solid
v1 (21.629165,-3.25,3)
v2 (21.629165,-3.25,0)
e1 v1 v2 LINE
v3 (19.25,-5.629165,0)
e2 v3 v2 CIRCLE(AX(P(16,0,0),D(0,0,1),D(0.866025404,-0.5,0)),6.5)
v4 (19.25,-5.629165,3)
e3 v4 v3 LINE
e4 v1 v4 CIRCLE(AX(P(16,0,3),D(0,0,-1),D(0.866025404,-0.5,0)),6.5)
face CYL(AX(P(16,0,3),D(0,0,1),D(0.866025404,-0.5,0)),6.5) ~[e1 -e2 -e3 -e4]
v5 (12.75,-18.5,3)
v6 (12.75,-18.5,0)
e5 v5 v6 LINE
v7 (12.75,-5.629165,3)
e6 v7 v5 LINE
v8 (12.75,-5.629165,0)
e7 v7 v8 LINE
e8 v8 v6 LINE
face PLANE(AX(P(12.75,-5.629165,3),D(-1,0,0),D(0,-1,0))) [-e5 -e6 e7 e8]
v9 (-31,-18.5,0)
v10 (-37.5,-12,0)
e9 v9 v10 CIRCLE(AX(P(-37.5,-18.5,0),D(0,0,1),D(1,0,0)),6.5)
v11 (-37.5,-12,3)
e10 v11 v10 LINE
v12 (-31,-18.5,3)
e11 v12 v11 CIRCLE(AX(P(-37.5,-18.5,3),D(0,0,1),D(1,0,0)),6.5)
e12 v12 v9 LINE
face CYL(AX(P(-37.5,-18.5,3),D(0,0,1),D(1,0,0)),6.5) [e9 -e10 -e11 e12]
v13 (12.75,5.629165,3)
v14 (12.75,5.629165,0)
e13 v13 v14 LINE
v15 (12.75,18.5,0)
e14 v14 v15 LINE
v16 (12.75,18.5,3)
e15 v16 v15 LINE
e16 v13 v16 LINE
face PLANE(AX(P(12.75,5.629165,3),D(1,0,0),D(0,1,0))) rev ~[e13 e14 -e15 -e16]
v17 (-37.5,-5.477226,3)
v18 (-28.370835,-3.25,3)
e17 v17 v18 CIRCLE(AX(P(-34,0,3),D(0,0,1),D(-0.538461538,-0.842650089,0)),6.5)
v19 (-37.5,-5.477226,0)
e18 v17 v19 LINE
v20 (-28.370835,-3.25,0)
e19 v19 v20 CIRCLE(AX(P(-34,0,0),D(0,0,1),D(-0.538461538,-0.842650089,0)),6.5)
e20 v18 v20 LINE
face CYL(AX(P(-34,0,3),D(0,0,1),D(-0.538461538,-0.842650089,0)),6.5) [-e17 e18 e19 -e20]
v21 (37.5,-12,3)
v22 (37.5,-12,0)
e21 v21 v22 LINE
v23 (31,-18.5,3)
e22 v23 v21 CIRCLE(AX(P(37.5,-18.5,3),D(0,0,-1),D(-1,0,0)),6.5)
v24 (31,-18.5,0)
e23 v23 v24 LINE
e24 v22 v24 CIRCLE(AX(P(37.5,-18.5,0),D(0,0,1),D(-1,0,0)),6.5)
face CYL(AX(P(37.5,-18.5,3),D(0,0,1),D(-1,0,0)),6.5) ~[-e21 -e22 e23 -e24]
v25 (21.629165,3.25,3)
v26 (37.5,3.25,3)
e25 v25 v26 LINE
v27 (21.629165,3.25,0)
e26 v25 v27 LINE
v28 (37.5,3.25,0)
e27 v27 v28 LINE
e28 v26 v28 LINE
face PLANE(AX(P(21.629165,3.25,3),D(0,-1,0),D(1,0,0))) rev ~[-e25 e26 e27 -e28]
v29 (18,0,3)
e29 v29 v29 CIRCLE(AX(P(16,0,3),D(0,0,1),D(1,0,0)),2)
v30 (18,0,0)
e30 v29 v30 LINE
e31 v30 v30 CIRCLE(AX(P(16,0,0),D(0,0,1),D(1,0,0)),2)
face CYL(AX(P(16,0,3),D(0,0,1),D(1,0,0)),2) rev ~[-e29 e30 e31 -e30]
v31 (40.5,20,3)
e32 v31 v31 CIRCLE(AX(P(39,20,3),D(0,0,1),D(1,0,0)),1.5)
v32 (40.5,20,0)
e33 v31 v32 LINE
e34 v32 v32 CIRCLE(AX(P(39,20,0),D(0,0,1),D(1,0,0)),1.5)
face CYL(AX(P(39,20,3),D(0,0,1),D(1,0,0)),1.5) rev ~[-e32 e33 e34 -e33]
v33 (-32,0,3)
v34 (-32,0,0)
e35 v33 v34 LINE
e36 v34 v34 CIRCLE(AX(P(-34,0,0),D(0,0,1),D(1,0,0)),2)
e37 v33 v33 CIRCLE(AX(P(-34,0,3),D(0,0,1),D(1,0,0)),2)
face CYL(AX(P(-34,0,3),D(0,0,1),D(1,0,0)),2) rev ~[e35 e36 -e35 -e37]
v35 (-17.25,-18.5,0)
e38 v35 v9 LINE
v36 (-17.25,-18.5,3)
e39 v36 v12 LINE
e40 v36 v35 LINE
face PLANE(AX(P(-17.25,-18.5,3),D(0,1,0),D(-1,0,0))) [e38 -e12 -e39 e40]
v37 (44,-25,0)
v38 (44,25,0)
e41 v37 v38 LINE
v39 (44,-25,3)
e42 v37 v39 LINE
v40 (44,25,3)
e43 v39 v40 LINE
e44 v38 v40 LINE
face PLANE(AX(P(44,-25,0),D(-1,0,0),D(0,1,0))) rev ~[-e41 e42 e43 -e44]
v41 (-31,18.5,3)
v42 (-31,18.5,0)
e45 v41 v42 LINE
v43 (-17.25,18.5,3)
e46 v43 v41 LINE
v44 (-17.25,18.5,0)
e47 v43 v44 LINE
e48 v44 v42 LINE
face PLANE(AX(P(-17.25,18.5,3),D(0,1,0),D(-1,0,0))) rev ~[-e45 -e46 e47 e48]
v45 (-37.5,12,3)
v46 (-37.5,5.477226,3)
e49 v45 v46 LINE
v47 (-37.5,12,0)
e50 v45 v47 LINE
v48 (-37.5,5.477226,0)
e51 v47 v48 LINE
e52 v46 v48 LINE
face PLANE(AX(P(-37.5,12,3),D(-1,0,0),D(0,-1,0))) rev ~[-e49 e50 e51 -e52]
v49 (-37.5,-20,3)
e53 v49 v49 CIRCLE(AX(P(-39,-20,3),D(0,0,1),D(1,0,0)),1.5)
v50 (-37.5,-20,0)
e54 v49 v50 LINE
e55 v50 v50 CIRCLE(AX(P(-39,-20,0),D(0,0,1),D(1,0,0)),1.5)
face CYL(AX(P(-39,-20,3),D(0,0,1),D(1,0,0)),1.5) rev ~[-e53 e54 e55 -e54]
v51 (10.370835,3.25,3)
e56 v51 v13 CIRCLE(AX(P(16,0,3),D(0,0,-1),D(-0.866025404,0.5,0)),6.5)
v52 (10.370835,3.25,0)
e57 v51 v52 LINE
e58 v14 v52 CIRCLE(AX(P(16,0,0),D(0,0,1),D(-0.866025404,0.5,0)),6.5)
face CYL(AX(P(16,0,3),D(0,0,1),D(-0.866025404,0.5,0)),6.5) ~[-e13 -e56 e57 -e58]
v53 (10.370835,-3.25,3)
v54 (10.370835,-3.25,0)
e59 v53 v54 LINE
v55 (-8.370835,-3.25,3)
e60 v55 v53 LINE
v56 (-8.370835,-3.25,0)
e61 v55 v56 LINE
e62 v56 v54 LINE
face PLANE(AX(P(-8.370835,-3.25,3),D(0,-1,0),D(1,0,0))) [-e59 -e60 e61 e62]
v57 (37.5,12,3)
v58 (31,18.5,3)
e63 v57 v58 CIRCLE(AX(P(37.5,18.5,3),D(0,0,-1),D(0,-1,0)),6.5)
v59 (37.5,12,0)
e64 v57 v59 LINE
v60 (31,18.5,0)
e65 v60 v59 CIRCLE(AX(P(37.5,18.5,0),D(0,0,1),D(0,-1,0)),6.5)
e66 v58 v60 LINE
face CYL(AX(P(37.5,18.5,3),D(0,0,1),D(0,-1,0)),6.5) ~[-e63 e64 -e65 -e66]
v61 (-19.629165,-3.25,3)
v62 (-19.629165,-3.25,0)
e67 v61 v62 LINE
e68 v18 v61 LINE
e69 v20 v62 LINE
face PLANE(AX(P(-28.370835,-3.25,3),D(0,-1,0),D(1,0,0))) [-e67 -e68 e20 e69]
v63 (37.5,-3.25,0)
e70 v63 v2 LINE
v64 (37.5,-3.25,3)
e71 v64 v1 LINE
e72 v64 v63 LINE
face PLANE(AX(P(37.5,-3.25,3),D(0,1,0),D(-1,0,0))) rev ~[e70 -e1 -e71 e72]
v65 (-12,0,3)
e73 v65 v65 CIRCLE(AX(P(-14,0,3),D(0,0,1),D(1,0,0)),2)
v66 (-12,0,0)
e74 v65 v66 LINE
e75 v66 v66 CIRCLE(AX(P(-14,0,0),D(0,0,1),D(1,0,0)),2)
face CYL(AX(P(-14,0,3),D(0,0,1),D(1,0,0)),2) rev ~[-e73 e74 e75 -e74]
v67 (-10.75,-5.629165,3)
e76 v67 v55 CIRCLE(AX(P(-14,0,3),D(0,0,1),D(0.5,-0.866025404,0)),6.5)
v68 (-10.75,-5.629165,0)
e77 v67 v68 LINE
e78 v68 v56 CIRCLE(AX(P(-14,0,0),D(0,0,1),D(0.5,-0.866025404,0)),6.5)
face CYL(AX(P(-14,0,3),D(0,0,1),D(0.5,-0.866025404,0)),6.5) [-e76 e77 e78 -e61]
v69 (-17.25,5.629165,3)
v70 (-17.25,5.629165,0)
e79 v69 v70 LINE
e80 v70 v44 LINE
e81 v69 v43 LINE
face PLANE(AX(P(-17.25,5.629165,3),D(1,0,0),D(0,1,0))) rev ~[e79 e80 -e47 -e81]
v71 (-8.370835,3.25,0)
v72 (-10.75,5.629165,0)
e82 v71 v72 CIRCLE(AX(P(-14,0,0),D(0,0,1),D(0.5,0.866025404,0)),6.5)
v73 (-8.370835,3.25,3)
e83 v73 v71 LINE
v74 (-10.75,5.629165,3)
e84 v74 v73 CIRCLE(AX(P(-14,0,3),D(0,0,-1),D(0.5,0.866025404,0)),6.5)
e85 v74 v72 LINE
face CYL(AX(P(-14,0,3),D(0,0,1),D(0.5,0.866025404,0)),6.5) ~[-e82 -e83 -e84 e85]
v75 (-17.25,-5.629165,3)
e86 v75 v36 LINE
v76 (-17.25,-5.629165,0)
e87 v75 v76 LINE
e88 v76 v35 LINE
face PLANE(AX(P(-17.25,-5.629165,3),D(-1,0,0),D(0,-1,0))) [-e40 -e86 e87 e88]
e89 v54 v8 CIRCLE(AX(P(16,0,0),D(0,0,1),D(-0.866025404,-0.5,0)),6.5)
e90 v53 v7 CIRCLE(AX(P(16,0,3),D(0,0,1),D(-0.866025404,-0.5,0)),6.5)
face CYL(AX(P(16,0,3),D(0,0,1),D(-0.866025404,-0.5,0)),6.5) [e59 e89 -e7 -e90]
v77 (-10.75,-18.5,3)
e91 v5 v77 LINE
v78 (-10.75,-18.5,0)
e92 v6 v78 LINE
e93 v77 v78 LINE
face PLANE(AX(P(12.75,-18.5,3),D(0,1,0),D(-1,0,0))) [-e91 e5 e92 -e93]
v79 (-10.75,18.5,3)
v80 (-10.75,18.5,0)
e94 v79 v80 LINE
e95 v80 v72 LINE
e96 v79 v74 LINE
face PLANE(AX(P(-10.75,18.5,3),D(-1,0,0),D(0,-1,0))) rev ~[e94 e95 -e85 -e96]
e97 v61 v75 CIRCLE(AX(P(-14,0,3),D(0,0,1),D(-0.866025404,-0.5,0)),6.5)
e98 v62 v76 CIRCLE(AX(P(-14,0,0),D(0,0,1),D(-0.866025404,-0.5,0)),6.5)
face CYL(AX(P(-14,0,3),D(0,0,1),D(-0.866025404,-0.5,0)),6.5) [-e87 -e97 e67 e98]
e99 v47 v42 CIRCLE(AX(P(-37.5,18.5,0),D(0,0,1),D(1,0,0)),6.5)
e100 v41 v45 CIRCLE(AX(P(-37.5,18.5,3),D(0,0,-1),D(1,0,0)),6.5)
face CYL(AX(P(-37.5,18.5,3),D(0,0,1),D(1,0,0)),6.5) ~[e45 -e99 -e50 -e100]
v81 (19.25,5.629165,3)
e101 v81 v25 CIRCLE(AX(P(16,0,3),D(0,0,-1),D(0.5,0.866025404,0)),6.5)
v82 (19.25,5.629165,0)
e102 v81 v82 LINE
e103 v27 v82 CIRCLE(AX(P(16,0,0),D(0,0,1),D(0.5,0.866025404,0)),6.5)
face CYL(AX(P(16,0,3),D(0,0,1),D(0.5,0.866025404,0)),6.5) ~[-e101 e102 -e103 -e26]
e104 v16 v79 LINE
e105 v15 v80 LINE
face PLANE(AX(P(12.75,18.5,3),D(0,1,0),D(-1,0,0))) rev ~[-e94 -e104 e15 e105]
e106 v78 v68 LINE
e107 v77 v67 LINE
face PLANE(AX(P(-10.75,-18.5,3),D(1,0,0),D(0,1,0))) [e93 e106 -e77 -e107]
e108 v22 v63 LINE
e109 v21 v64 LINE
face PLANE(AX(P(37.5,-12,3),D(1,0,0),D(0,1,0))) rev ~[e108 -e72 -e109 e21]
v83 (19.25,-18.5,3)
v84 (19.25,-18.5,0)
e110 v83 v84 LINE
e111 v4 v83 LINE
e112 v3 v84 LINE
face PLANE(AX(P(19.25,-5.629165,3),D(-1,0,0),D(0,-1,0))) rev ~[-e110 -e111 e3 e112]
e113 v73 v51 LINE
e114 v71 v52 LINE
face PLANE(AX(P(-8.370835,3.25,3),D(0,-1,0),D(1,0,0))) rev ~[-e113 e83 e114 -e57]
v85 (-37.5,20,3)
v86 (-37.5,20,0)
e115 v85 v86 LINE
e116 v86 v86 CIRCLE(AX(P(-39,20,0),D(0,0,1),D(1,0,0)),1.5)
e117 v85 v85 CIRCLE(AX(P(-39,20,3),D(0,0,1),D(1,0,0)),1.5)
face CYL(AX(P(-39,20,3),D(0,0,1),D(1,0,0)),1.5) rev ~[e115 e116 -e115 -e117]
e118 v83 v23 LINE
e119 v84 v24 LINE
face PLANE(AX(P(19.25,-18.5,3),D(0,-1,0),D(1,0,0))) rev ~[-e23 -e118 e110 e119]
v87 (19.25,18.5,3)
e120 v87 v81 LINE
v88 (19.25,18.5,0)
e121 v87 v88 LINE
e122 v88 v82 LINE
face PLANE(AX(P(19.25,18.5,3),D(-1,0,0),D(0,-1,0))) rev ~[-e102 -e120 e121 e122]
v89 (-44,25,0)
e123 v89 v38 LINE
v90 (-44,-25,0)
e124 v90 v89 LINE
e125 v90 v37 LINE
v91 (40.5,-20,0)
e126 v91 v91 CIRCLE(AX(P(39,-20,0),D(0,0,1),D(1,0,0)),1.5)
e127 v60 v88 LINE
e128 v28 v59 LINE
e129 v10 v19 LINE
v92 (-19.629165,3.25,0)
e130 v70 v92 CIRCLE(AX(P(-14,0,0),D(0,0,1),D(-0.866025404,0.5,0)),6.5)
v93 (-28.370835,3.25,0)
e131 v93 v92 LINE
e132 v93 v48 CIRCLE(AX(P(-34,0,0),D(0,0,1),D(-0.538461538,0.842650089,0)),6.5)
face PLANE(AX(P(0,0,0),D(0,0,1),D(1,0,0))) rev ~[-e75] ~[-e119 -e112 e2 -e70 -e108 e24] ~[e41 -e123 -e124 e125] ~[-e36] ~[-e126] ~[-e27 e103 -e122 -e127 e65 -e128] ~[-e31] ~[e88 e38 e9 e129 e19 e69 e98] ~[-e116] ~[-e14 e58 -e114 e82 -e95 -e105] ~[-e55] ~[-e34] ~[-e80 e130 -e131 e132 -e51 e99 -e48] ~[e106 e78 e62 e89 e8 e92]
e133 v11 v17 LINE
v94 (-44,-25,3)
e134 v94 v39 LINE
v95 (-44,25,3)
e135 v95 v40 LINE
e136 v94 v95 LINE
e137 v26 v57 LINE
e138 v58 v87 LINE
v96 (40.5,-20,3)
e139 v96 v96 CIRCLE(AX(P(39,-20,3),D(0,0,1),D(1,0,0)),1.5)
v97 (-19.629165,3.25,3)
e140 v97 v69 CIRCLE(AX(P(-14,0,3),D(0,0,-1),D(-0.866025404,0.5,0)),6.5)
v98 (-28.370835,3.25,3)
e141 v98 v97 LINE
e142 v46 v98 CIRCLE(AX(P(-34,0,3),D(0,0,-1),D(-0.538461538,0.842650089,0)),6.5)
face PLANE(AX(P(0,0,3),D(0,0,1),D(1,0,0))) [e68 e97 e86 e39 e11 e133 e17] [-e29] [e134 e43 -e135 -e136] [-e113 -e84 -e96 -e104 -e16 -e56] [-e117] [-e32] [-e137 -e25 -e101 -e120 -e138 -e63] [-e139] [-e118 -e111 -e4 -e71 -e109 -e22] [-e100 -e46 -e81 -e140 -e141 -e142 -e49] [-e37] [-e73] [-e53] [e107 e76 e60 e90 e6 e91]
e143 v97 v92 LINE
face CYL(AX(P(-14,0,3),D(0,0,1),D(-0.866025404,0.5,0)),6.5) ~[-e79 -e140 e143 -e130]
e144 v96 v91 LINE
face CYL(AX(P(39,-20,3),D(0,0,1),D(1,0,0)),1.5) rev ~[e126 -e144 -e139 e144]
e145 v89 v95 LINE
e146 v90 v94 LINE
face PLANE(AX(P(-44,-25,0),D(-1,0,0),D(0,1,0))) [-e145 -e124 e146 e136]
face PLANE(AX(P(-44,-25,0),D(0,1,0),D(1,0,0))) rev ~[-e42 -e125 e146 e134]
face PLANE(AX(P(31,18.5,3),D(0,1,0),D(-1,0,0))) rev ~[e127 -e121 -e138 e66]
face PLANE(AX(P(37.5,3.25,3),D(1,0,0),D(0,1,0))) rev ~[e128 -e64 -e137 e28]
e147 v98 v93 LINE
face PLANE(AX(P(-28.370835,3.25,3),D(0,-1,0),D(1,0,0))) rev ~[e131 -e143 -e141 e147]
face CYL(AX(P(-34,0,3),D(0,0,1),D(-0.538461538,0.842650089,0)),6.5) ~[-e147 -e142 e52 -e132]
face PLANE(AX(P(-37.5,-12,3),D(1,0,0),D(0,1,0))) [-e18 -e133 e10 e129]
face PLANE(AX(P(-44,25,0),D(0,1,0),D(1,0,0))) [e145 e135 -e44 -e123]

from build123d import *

# Parameters (mm, degrees)
SKETCH1_W            = 88
SKETCH1_H            = 50
BOSS_EXTRUDE1_DEPTH  = 3
SKETCH2_R            = 2
CUT_EXTRUDE1_DEPTH   = 51.695167423
SKETCH3_R            = 1.5
CUT_EXTRUDE2_DEPTH   = 51.695167423
LPATTERN1_COUNT      = 2
LPATTERN1_PITCH      = 78
LPATTERN1_COUNT_DIR2 = 2
LPATTERN1_PITCH_DIR2 = 40
CUT_EXTRUDE3_DEPTH   = 51.695167423


with BuildPart() as part:
    # Sketch1 → Boss-Extrude1 (new body)
    with BuildSketch(Plane.XY):
        Rectangle(SKETCH1_W, SKETCH1_H)
    extrude(amount=BOSS_EXTRUDE1_DEPTH)

    # Sketch2 → Cut-Extrude1 (cut, through all)
    with BuildSketch(Plane.XY.offset(3)):
        with Locations((-34, 0)):
            Circle(SKETCH2_R)
        with Locations((-14, 0)):
            Circle(SKETCH2_R)
        with Locations((16, 0)):
            Circle(SKETCH2_R)
    extrude(amount=-CUT_EXTRUDE1_DEPTH, mode=Mode.SUBTRACT)

    # Sketch3 → Cut-Extrude2 (cut, through all)
    with BuildSketch(Plane.XY.offset(3)):
        with Locations((-39, 20)):
            Circle(SKETCH3_R)
    cut_extrude2 = extrude(amount=-CUT_EXTRUDE2_DEPTH, mode=Mode.SUBTRACT)

    # LPattern1: Cut-Extrude2 2 × 2
    with Locations(*[(i * LPATTERN1_PITCH, -j * LPATTERN1_PITCH_DIR2, 0) for i in range(LPATTERN1_COUNT) for j in range(LPATTERN1_COUNT_DIR2) if (i, j) != (0, 0)]):
        add(cut_extrude2, mode=Mode.SUBTRACT)

    # Sketch4 → Cut-Extrude3 (cut, through all)
    with BuildSketch(Plane.XY.offset(3)):
        with BuildLine():
            Line((37.5, 3.25), (37.5, 12))
            ThreePointArc((37.5, 12), (32.903805922, 13.903805922), (31, 18.5))
            Line((31, 18.5), (19.25, 18.5))
            Line((19.25, 18.5), (19.25, 5.629165125))
            ThreePointArc((19.25, 5.629165125), (20.596194078, 4.596194078), (21.629165125, 3.25))
            Line((21.629165125, 3.25), (37.5, 3.25))
        make_face()
        with BuildLine():
            Line((-28.370834875, 3.25), (-19.629165125, 3.25))
            ThreePointArc((-19.629165125, 3.25), (-18.596194078, 4.596194078), (-17.25, 5.629165125))
            Line((-17.25, 5.629165125), (-17.25, 18.5))
            Line((-17.25, 18.5), (-31, 18.5))
            ThreePointArc((-31, 18.5), (-32.903805922, 13.903805922), (-37.5, 12))
            Line((-37.5, 12), (-37.5, 5.477225575))
            ThreePointArc((-37.5, 5.477225575), (-32.459393148, 6.314786657), (-28.370834875, 3.25))
        make_face()
        with BuildLine():
            Line((-8.370834875, 3.25), (10.370834875, 3.25))
            ThreePointArc((10.370834875, 3.25), (11.403805922, 4.596194078), (12.75, 5.629165125))
            Line((12.75, 5.629165125), (12.75, 18.5))
            Line((12.75, 18.5), (-10.75, 18.5))
            Line((-10.75, 18.5), (-10.75, 5.629165125))
            ThreePointArc((-10.75, 5.629165125), (-9.403805922, 4.596194078), (-8.370834875, 3.25))
        make_face()
        with BuildLine():
            Line((-28.370834875, -3.25), (-19.629165125, -3.25))
            ThreePointArc((-19.629165125, -3.25), (-18.596194078, -4.596194078), (-17.25, -5.629165125))
            Line((-17.25, -5.629165125), (-17.25, -18.5))
            Line((-17.25, -18.5), (-31, -18.5))
            ThreePointArc((-31, -18.5), (-32.903805922, -13.903805922), (-37.5, -12))
            Line((-37.5, -12), (-37.5, -5.477225575))
            ThreePointArc((-37.5, -5.477225575), (-32.459393148, -6.314786657), (-28.370834875, -3.25))
        make_face()
        with BuildLine():
            Line((37.5, -12), (37.5, -3.25))
            Line((37.5, -3.25), (21.629165125, -3.25))
            ThreePointArc((21.629165125, -3.25), (20.596194078, -4.596194078), (19.25, -5.629165125))
            Line((19.25, -5.629165125), (19.25, -18.5))
            Line((19.25, -18.5), (31, -18.5))
            ThreePointArc((31, -18.5), (32.903805922, -13.903805922), (37.5, -12))
        make_face()
        with BuildLine():
            Line((-8.370834875, -3.25), (10.370834875, -3.25))
            ThreePointArc((10.370834875, -3.25), (11.403805922, -4.596194078), (12.75, -5.629165125))
            Line((12.75, -5.629165125), (12.75, -18.5))
            Line((12.75, -18.5), (-10.75, -18.5))
            Line((-10.75, -18.5), (-10.75, -5.629165125))
            ThreePointArc((-10.75, -5.629165125), (-9.403805922, -4.596194078), (-8.370834875, -3.25))
        make_face()
    extrude(amount=-CUT_EXTRUDE3_DEPTH, mode=Mode.SUBTRACT)


solid = part.part
